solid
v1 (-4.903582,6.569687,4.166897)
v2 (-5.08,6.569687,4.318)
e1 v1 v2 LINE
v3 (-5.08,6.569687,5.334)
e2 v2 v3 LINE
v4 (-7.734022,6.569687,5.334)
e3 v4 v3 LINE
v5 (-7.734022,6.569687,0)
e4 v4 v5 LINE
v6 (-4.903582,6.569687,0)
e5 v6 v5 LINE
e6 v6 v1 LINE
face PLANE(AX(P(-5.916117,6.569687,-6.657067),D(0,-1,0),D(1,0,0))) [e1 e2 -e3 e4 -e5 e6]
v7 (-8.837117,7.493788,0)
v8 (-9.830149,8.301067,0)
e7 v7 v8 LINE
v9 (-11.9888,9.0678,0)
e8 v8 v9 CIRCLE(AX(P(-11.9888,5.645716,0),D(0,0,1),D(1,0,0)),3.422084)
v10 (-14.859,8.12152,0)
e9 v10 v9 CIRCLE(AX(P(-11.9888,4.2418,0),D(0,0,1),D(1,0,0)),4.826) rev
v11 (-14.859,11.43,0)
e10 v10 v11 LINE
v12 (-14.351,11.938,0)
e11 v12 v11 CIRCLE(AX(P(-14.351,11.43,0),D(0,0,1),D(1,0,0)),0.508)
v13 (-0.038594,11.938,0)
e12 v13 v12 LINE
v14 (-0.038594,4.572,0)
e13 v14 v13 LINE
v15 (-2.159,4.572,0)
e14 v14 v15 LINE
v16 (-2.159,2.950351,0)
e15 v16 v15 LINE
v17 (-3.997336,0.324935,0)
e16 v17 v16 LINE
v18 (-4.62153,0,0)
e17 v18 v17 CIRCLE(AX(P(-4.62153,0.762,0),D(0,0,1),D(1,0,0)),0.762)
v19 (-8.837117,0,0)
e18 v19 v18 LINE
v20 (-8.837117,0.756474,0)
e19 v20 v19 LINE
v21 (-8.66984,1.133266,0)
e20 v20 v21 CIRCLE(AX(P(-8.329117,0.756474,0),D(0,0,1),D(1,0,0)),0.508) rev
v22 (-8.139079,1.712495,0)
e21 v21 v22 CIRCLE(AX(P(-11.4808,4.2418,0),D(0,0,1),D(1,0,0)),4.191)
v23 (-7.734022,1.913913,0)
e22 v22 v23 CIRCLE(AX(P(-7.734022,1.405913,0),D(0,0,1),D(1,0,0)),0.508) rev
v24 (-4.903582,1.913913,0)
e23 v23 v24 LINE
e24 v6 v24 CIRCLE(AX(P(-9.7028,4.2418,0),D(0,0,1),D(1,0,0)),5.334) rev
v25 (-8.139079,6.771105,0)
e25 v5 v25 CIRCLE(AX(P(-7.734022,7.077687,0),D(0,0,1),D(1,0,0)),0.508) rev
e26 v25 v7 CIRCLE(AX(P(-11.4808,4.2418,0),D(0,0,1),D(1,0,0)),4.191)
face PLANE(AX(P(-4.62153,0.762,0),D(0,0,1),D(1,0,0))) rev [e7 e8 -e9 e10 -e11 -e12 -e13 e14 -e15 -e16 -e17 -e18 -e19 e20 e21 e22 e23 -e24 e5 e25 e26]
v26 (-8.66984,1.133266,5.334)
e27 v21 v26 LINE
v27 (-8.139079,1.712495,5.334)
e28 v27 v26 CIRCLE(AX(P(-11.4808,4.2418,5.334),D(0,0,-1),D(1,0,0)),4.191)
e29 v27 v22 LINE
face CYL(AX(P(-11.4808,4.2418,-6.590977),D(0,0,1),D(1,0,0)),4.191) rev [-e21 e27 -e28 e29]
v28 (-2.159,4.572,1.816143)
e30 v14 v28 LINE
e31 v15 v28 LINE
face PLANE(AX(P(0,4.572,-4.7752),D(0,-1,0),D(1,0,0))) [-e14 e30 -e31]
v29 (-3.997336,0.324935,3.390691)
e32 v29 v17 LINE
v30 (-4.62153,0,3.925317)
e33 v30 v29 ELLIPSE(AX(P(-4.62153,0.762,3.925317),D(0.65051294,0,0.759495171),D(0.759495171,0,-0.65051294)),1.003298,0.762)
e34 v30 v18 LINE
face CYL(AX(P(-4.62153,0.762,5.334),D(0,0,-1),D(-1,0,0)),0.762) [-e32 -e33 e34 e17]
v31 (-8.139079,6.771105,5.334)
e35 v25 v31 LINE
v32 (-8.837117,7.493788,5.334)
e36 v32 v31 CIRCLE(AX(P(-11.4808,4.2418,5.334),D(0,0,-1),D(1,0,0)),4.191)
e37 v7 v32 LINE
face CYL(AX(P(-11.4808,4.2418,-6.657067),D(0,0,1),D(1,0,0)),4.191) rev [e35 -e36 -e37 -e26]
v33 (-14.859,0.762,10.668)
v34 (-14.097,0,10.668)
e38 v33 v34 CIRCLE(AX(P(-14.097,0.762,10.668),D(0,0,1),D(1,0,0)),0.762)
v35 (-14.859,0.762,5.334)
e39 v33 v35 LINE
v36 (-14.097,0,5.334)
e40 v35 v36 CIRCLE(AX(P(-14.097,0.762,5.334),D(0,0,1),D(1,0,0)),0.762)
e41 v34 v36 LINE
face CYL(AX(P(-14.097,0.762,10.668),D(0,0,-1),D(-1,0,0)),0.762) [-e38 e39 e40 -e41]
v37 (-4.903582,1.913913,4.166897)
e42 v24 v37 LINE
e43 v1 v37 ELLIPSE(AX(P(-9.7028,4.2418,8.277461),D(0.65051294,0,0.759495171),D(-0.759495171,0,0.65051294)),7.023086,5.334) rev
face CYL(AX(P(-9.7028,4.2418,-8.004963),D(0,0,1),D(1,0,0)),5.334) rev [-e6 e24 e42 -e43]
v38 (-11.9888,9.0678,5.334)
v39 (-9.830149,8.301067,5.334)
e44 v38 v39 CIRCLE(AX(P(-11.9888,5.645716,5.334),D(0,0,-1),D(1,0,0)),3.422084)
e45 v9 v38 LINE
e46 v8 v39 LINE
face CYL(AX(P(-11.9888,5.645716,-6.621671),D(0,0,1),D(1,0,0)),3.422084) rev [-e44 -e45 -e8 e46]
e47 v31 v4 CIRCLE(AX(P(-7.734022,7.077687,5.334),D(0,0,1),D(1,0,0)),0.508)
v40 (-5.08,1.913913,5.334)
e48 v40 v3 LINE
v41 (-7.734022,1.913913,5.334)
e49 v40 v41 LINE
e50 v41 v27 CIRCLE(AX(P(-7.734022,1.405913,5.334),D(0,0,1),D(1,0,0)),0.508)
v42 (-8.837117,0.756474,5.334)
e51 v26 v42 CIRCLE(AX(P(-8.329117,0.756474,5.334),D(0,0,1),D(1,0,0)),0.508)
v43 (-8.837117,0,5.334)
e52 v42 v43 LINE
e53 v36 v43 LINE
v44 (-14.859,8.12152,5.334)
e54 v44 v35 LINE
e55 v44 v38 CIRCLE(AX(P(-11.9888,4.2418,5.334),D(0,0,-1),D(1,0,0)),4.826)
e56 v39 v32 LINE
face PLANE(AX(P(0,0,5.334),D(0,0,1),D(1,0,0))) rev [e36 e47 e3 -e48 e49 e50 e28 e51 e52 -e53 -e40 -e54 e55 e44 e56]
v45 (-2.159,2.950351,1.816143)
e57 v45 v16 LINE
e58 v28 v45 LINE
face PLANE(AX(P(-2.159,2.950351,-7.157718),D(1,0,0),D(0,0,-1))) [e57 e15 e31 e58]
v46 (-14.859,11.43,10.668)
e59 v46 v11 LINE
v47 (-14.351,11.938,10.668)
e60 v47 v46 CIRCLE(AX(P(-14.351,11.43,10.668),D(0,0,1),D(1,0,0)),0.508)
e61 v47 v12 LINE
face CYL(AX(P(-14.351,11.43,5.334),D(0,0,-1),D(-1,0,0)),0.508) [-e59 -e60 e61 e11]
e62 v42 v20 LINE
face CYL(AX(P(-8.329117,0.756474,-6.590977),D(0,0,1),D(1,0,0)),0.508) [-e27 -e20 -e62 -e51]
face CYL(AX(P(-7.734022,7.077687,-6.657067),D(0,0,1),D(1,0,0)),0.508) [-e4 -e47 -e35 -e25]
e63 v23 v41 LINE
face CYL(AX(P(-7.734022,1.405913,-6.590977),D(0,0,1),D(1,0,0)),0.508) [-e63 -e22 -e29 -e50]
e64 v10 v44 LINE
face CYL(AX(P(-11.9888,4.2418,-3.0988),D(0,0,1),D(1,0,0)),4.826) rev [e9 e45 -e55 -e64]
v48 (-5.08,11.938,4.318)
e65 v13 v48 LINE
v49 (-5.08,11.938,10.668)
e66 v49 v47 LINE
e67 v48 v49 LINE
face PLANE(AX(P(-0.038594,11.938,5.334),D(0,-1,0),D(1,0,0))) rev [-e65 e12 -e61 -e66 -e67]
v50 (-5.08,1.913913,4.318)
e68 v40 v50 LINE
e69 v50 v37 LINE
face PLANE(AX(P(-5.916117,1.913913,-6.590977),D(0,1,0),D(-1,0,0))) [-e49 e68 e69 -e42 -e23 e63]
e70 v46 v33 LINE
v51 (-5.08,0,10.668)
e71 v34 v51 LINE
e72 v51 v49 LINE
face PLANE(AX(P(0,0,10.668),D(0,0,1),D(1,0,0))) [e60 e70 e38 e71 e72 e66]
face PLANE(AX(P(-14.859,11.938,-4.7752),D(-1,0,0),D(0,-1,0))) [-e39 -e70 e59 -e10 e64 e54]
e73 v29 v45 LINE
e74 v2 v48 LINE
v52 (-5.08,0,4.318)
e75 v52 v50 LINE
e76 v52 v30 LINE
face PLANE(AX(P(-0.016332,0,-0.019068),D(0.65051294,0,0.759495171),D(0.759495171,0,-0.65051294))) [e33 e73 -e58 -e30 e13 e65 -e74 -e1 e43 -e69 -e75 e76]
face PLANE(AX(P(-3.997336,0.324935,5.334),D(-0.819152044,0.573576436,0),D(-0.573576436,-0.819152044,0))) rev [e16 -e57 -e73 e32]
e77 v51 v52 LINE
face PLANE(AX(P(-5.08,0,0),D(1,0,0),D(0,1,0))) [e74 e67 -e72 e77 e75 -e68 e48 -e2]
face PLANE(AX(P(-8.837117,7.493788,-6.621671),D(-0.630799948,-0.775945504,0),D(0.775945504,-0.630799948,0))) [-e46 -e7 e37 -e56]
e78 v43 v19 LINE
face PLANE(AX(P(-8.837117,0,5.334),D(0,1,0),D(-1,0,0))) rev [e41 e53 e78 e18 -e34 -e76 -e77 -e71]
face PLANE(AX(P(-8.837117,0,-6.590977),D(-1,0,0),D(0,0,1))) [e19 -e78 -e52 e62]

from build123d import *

# Parameters (mm, degrees)
EXTRUDE1_DEPTH          = 4.7752
EXTRUDE2_DEPTH          = 12.938
SKETCH33_W              = 2.286
SKETCH33_H              = 5.588
EXTRUDE30_DEPTH         = 10.668
EXTRUDE3_DEPTH          = 3.0988
EXTRUDE6_DEPTH          = 3.0988
EXTRUDE7_DEPTH          = 3.0988
SKETCH23_W              = 3.0988
SKETCH23_H              = 1.133450424
EXTRUDE20_DEPTH         = 2.54
EXTRUDE16_DEPTH         = 3.0988
FILLET1_R               = 0.762
EXTRUDE21_DEPTH         = 3.0988
FILLET2_R               = 0.762
EXTRUDE28_DEPTH         = 8.0612
EXTRUDE29_REACH         = 9.061
FILLET3_R               = 0.762
FILLET4_R               = 0.508
FILLET5_R               = 0.508
FILLET6_R               = 0.508
SKETCH35_R              = 1.016
EXTRUDE32_DEPTH         = 8.0612
BOSS_EXTRUDE1_DEPTH     = 5.334
BOSS_EXTRUDE2_DEPTH     = 5.334
SKETCH39_W              = 7.76878052
SKETCH39_H              = 12.502157979
CUT_EXTRUDE1_DEPTH      = 15.8590001
SKETCH40_W              = 5.041406472
SKETCH40_H              = 6.35
SKETCH40_W_2            = 0.038593528
SKETCH40_H_2            = 4.318
CUT_EXTRUDE2_DEPTH      = 1.0000001
CUT_EXTRUDE2_DEPTH_BACK = 12.9380001


with BuildPart() as part:
    # Sketch1 → Extrude1 (new body)
    with BuildSketch(Plane.XY):
        Polygon((-14.859, 11.938), (0, 11.938), (0, 4.572), (-3.175, 4.572), (-3.175, 0), (-14.859, 0), align=None)
    extrude(amount=-EXTRUDE1_DEPTH)

    # Sketch2 → Extrude2 (cut, through all)
    with BuildSketch(Plane(origin=(0, 11.938, 0), x_dir=(1, 0, 0), z_dir=(0, 1, 0))):
        Polygon((0, 0.5842), (-4.191, 4.7752), (0, 4.7752), align=None)
    extrude(amount=-EXTRUDE2_DEPTH, mode=Mode.SUBTRACT)

    # Sketch33 → Extrude30 (add)
    with BuildSketch(Plane.ZY.offset(14.859)):
        with Locations((-5.9182, 9.144)):
            Rectangle(SKETCH33_W, SKETCH33_H)
    extrude(amount=-EXTRUDE30_DEPTH)

    # Sketch5 → Extrude3 (cut)
    with BuildSketch(Plane.XY):
        with BuildLine():
            Line((-14.859, 8.121520088), (-14.859, 0))
            Line((-14.859, 0), (-8.374207602, 0))
            ThreePointArc((-8.374207602, 0), (-5.258197931, 4.182323512), (-8.261178378, 8.44652973))
            ThreePointArc((-8.261178378, 8.44652973), (-10.099280239, 8.911418564), (-11.9888, 9.0678))
            ThreePointArc((-11.9888, 9.0678), (-13.499883528, 8.825128765), (-14.859, 8.121520088))
        make_face()
    extrude(amount=-EXTRUDE3_DEPTH, mode=Mode.SUBTRACT)

    # Sketch8 → Extrude6 (add)
    with BuildSketch(Plane.XY):
        with BuildLine():
            Line((-5.916117419, 6.569687461), (-7.995771884, 6.569687461))
            ThreePointArc((-7.995771884, 6.569687461), (-8.381805974, 7.063274265), (-8.837117419, 7.493787609))
            Line((-8.837117419, 7.493787609), (-8.837117419, 8.601687461))
            ThreePointArc((-8.837117419, 8.601687461), (-7.16441835, 7.890723622), (-5.916117419, 6.569687461))
        make_face()
    extrude(amount=-EXTRUDE6_DEPTH)

    # Sketch9 → Extrude7 (add)
    with BuildSketch(Plane.XY):
        with BuildLine():
            Line((-5.916117419, 1.913912539), (-7.995771884, 1.913912539))
            ThreePointArc((-7.995771884, 1.913912539), (-8.381805974, 1.420325735), (-8.837117419, 0.989812391))
            Line((-8.837117419, 0.989812391), (-8.837117419, 0))
            Line((-8.837117419, 0), (-8.374207602, 0))
            ThreePointArc((-8.374207602, 0), (-6.971998867, 0.734557469), (-5.916117419, 1.913912539))
        make_face()
    extrude(amount=-EXTRUDE7_DEPTH)

    # Sketch23 → Extrude20 (add)
    with BuildSketch(Plane.ZY.offset(8.837117419)):
        with Locations((-1.5494, 8.060512821)):
            Rectangle(SKETCH23_W, SKETCH23_H)
    extrude(amount=-EXTRUDE20_DEPTH)

    # Sketch18 → Extrude16 (cut)
    with BuildSketch(Plane.XY):
        with BuildLine():
            Line((-4.903581733, 6.569687461), (-5.916117419, 6.569687461))
            ThreePointArc((-5.916117419, 6.569687461), (-5.2578, 4.2418), (-5.916117419, 1.913912539))
            Line((-5.916117419, 1.913912539), (-4.903581733, 1.913912539))
            ThreePointArc((-4.903581733, 1.913912539), (-4.3688, 4.2418), (-4.903581733, 6.569687461))
        make_face()
    extrude(amount=-EXTRUDE16_DEPTH, mode=Mode.SUBTRACT)

    # Fillet1
    fillet1_edges = [part.edges().sort_by_distance(p)[0] for p in [
        (0, 8.255, -0.5842),
    ]]
    fillet(fillet1_edges, radius=FILLET1_R)

    # Sketch24 → Extrude21 (add)
    with BuildSketch(Plane.XY):
        with BuildLine():
            Line((-8.837117419, 7.493787609), (-9.830149409, 8.301066631))
            ThreePointArc((-9.830149409, 8.301066631), (-10.843412246, 8.870424655), (-11.9888, 9.0678))
            Line((-11.9888, 9.0678), (-8.837117419, 9.0678))
            Line((-8.837117419, 9.0678), (-8.837117419, 7.493787609))
        make_face()
    extrude(amount=-EXTRUDE21_DEPTH)

    # Fillet2
    fillet2_edges = [part.edges().sort_by_distance(p)[0] for p in [
        (-14.859, 0, -3.937),
    ]]
    fillet(fillet2_edges, radius=FILLET2_R)

    # Sketch31 → Extrude28 (cut, through all)
    with BuildSketch(Plane.XY):
        Polygon((-3.175, 1.499352844), (-4.224858164, 0), (-3.175, 0), align=None)
    extrude(amount=-EXTRUDE28_DEPTH, mode=Mode.SUBTRACT)

    # Extrude29: up to this face of the body (flat: up to its plane)
    extrude29_end = Plane(part.part.faces().sort_by_distance((-2.383005057, 7.601249614, -2.967205057))[0])
    # Sketch32 → Extrude29 (add, up to the picked face)
    with BuildSketch(Plane.XY, mode=Mode.PRIVATE) as extrude29_sk1:
        Polygon((-3.175, 1.499352844), (-2.159, 2.950351219), (-2.159, 4.572), (-3.175, 4.572), align=None)
    extrude29_tool1 = split(extrude(extrude29_sk1.sketch, amount=-EXTRUDE29_REACH, mode=Mode.PRIVATE), bisect_by=extrude29_end, keep=Keep.BOTH, mode=Mode.PRIVATE)
    add(extrude29_tool1.solids().sort_by_distance((-2.719341, 3.361051, 0))[0])

    # Fillet3
    fillet3_edges = [part.edges().sort_by_distance(p)[0] for p in [
        (-4.224858164, 0, -2.3876),
    ]]
    fillet(fillet3_edges, radius=FILLET3_R)

    # Fillet4
    fillet4_edges = [part.edges().sort_by_distance(p)[0] for p in [
        (-3.078168199, 1.637642987, 0),
        (-4.269677813, 0.086097745, 0),
        (-6.729323838, 0, 0),
    ]]
    fillet(fillet4_edges, radius=FILLET4_R)

    # Fillet5
    fillet5_edges = [part.edges().sort_by_distance(p)[0] for p in [
        (-9.525, 11.938, -7.0612),
        (-9.525, 6.35, -7.0612),
        (-7.4295, 11.938, 0),
        (-14.859, 11.938, -3.5306),
    ]]
    fillet(fillet5_edges, radius=FILLET5_R)

    # Fillet6
    fillet6_edges = [part.edges().sort_by_distance(p)[0] for p in [
        (-7.995771884, 6.569687461, -1.5494),
        (-8.837117419, 0.989812391, -1.5494),
        (-7.995771884, 1.913912539, -1.5494),
    ]]
    fillet(fillet6_edges, radius=FILLET6_R)

    # Sketch35 → Extrude32 (cut, through all)
    with BuildSketch(Plane.XY):
        with Locations((-6.731, 8.763)):
            Circle(SKETCH35_R)
    extrude(amount=-EXTRUDE32_DEPTH, mode=Mode.SUBTRACT)

    # Sketch37 → Boss-Extrude1 (add)
    with BuildSketch(Plane.XY):
        with BuildLine():
            Line((-8.837117419, 0.508), (-8.837117419, 0))
            Line((-8.837117419, 0), (-4.621530256, 0))
            ThreePointArc((-4.621530256, 0), (-4.269677813, 0.086097745), (-3.997336399, 0.324934756))
            Line((-3.997336399, 0.324934756), (-2.159, 2.950351219))
            Line((-2.159, 2.950351219), (-2.159, 3.836022191))
            Line((-2.159, 3.836022191), (-2.159, 4.572))
            Line((-2.159, 4.572), (0, 4.572))
            Line((0, 4.572), (0, 11.43))
            Line((0, 11.43), (0, 11.878036743))
            add(Edge.make_bspline(
                [(0, 11.878036743), (0, 11.918150491), (-0.011858122, 11.938), (-0.038593528, 11.938)],
                knots=[0, 0, 0, 0, 1, 1, 1, 1], degree=3))
            Line((-0.038593528, 11.938), (-14.351, 11.938))
            ThreePointArc((-14.351, 11.938), (-14.710210245, 11.789210245), (-14.859, 11.43))
            Line((-14.859, 11.43), (-14.859, 8.121520088))
            ThreePointArc((-14.859, 8.121520088), (-13.499883528, 8.825128765), (-11.9888, 9.0678))
            ThreePointArc((-11.9888, 9.0678), (-10.843412246, 8.870424655), (-9.830149409, 8.301066631))
            Line((-9.830149409, 8.301066631), (-8.837117419, 7.493787609))
            ThreePointArc((-8.837117419, 7.493787609), (-8.466362979, 7.153440508), (-8.139079327, 6.771105032))
            ThreePointArc((-8.139079327, 6.771105032), (-7.96020818, 6.622820517), (-7.734022276, 6.569687461))
            Line((-7.734022276, 6.569687461), (-4.903581733, 6.569687461))
            ThreePointArc((-4.903581733, 6.569687461), (-4.3688, 4.2418), (-4.903581733, 1.913912539))
            Line((-4.903581733, 1.913912539), (-7.734022276, 1.913912539))
            ThreePointArc((-7.734022276, 1.913912539), (-7.96020818, 1.860779483), (-8.139079327, 1.712494968))
            ThreePointArc((-8.139079327, 1.712494968), (-8.390857142, 1.410416216), (-8.66983986, 1.133265926))
            ThreePointArc((-8.66983986, 1.133265926), (-8.793418506, 0.962601304), (-8.837117419, 0.756473917))
            Line((-8.837117419, 0.756473917), (-8.837117419, 0.508))
        make_face()
    extrude(amount=BOSS_EXTRUDE1_DEPTH)

    # Sketch38 → Boss-Extrude2 (add)
    with BuildSketch(Plane.XY.offset(5.334)):
        with BuildLine():
            Line((-0.038593528, 11.938), (-14.351, 11.938))
            ThreePointArc((-14.351, 11.938), (-14.710210245, 11.789210245), (-14.859, 11.43))
            Line((-14.859, 11.43), (-14.859, 0.762))
            ThreePointArc((-14.859, 0.762), (-14.635815367, 0.223184633), (-14.097, 0))
            Line((-14.097, 0), (-4.621530256, 0))
            ThreePointArc((-4.621530256, 0), (-4.269677813, 0.086097745), (-3.997336399, 0.324934756))
            Line((-3.997336399, 0.324934756), (-2.159, 2.950351219))
            Line((-2.159, 2.950351219), (-2.159, 4.572))
            Line((-2.159, 4.572), (0, 4.572))
            Line((0, 4.572), (0, 11.878036743))
            add(Edge.make_bspline(
                [(0, 11.878036743), (0, 11.918150491), (-0.011858122, 11.938), (-0.038593528, 11.938)],
                knots=[0, 0, 0, 0, 1, 1, 1, 1], degree=3))
        make_face()
    extrude(amount=BOSS_EXTRUDE2_DEPTH)

    # Sketch39 → Cut-Extrude1 (cut, through all)
    with BuildSketch(Plane.ZY.offset(14.859)):
        with Locations((-3.88439026, 6.25107899)):
            Rectangle(SKETCH39_W, SKETCH39_H)
    extrude(amount=-CUT_EXTRUDE1_DEPTH, mode=Mode.SUBTRACT)

    # Sketch40 → Cut-Extrude2 (cut, two sides)
    with BuildSketch(Plane(origin=(0, 11.938, 0), x_dir=(1, 0, 0), z_dir=(0, 1, 0))) as cut_extrude2_sk:
        Polygon((-0.038593528, 0), (-5.08, -4.318), (-0.038593528, -4.318), align=None)
        with Locations((-2.559296764, -7.493)):
            Rectangle(SKETCH40_W, SKETCH40_H)
        with Locations((-0.019296764, -2.159)):
            Rectangle(SKETCH40_W_2, SKETCH40_H_2)
        with Locations((-0.019296764, -7.493)):
            Rectangle(SKETCH40_W_2, SKETCH40_H)
    extrude(amount=CUT_EXTRUDE2_DEPTH, mode=Mode.SUBTRACT)
    extrude(cut_extrude2_sk.sketch, amount=-CUT_EXTRUDE2_DEPTH_BACK, mode=Mode.SUBTRACT)


solid = part.part
